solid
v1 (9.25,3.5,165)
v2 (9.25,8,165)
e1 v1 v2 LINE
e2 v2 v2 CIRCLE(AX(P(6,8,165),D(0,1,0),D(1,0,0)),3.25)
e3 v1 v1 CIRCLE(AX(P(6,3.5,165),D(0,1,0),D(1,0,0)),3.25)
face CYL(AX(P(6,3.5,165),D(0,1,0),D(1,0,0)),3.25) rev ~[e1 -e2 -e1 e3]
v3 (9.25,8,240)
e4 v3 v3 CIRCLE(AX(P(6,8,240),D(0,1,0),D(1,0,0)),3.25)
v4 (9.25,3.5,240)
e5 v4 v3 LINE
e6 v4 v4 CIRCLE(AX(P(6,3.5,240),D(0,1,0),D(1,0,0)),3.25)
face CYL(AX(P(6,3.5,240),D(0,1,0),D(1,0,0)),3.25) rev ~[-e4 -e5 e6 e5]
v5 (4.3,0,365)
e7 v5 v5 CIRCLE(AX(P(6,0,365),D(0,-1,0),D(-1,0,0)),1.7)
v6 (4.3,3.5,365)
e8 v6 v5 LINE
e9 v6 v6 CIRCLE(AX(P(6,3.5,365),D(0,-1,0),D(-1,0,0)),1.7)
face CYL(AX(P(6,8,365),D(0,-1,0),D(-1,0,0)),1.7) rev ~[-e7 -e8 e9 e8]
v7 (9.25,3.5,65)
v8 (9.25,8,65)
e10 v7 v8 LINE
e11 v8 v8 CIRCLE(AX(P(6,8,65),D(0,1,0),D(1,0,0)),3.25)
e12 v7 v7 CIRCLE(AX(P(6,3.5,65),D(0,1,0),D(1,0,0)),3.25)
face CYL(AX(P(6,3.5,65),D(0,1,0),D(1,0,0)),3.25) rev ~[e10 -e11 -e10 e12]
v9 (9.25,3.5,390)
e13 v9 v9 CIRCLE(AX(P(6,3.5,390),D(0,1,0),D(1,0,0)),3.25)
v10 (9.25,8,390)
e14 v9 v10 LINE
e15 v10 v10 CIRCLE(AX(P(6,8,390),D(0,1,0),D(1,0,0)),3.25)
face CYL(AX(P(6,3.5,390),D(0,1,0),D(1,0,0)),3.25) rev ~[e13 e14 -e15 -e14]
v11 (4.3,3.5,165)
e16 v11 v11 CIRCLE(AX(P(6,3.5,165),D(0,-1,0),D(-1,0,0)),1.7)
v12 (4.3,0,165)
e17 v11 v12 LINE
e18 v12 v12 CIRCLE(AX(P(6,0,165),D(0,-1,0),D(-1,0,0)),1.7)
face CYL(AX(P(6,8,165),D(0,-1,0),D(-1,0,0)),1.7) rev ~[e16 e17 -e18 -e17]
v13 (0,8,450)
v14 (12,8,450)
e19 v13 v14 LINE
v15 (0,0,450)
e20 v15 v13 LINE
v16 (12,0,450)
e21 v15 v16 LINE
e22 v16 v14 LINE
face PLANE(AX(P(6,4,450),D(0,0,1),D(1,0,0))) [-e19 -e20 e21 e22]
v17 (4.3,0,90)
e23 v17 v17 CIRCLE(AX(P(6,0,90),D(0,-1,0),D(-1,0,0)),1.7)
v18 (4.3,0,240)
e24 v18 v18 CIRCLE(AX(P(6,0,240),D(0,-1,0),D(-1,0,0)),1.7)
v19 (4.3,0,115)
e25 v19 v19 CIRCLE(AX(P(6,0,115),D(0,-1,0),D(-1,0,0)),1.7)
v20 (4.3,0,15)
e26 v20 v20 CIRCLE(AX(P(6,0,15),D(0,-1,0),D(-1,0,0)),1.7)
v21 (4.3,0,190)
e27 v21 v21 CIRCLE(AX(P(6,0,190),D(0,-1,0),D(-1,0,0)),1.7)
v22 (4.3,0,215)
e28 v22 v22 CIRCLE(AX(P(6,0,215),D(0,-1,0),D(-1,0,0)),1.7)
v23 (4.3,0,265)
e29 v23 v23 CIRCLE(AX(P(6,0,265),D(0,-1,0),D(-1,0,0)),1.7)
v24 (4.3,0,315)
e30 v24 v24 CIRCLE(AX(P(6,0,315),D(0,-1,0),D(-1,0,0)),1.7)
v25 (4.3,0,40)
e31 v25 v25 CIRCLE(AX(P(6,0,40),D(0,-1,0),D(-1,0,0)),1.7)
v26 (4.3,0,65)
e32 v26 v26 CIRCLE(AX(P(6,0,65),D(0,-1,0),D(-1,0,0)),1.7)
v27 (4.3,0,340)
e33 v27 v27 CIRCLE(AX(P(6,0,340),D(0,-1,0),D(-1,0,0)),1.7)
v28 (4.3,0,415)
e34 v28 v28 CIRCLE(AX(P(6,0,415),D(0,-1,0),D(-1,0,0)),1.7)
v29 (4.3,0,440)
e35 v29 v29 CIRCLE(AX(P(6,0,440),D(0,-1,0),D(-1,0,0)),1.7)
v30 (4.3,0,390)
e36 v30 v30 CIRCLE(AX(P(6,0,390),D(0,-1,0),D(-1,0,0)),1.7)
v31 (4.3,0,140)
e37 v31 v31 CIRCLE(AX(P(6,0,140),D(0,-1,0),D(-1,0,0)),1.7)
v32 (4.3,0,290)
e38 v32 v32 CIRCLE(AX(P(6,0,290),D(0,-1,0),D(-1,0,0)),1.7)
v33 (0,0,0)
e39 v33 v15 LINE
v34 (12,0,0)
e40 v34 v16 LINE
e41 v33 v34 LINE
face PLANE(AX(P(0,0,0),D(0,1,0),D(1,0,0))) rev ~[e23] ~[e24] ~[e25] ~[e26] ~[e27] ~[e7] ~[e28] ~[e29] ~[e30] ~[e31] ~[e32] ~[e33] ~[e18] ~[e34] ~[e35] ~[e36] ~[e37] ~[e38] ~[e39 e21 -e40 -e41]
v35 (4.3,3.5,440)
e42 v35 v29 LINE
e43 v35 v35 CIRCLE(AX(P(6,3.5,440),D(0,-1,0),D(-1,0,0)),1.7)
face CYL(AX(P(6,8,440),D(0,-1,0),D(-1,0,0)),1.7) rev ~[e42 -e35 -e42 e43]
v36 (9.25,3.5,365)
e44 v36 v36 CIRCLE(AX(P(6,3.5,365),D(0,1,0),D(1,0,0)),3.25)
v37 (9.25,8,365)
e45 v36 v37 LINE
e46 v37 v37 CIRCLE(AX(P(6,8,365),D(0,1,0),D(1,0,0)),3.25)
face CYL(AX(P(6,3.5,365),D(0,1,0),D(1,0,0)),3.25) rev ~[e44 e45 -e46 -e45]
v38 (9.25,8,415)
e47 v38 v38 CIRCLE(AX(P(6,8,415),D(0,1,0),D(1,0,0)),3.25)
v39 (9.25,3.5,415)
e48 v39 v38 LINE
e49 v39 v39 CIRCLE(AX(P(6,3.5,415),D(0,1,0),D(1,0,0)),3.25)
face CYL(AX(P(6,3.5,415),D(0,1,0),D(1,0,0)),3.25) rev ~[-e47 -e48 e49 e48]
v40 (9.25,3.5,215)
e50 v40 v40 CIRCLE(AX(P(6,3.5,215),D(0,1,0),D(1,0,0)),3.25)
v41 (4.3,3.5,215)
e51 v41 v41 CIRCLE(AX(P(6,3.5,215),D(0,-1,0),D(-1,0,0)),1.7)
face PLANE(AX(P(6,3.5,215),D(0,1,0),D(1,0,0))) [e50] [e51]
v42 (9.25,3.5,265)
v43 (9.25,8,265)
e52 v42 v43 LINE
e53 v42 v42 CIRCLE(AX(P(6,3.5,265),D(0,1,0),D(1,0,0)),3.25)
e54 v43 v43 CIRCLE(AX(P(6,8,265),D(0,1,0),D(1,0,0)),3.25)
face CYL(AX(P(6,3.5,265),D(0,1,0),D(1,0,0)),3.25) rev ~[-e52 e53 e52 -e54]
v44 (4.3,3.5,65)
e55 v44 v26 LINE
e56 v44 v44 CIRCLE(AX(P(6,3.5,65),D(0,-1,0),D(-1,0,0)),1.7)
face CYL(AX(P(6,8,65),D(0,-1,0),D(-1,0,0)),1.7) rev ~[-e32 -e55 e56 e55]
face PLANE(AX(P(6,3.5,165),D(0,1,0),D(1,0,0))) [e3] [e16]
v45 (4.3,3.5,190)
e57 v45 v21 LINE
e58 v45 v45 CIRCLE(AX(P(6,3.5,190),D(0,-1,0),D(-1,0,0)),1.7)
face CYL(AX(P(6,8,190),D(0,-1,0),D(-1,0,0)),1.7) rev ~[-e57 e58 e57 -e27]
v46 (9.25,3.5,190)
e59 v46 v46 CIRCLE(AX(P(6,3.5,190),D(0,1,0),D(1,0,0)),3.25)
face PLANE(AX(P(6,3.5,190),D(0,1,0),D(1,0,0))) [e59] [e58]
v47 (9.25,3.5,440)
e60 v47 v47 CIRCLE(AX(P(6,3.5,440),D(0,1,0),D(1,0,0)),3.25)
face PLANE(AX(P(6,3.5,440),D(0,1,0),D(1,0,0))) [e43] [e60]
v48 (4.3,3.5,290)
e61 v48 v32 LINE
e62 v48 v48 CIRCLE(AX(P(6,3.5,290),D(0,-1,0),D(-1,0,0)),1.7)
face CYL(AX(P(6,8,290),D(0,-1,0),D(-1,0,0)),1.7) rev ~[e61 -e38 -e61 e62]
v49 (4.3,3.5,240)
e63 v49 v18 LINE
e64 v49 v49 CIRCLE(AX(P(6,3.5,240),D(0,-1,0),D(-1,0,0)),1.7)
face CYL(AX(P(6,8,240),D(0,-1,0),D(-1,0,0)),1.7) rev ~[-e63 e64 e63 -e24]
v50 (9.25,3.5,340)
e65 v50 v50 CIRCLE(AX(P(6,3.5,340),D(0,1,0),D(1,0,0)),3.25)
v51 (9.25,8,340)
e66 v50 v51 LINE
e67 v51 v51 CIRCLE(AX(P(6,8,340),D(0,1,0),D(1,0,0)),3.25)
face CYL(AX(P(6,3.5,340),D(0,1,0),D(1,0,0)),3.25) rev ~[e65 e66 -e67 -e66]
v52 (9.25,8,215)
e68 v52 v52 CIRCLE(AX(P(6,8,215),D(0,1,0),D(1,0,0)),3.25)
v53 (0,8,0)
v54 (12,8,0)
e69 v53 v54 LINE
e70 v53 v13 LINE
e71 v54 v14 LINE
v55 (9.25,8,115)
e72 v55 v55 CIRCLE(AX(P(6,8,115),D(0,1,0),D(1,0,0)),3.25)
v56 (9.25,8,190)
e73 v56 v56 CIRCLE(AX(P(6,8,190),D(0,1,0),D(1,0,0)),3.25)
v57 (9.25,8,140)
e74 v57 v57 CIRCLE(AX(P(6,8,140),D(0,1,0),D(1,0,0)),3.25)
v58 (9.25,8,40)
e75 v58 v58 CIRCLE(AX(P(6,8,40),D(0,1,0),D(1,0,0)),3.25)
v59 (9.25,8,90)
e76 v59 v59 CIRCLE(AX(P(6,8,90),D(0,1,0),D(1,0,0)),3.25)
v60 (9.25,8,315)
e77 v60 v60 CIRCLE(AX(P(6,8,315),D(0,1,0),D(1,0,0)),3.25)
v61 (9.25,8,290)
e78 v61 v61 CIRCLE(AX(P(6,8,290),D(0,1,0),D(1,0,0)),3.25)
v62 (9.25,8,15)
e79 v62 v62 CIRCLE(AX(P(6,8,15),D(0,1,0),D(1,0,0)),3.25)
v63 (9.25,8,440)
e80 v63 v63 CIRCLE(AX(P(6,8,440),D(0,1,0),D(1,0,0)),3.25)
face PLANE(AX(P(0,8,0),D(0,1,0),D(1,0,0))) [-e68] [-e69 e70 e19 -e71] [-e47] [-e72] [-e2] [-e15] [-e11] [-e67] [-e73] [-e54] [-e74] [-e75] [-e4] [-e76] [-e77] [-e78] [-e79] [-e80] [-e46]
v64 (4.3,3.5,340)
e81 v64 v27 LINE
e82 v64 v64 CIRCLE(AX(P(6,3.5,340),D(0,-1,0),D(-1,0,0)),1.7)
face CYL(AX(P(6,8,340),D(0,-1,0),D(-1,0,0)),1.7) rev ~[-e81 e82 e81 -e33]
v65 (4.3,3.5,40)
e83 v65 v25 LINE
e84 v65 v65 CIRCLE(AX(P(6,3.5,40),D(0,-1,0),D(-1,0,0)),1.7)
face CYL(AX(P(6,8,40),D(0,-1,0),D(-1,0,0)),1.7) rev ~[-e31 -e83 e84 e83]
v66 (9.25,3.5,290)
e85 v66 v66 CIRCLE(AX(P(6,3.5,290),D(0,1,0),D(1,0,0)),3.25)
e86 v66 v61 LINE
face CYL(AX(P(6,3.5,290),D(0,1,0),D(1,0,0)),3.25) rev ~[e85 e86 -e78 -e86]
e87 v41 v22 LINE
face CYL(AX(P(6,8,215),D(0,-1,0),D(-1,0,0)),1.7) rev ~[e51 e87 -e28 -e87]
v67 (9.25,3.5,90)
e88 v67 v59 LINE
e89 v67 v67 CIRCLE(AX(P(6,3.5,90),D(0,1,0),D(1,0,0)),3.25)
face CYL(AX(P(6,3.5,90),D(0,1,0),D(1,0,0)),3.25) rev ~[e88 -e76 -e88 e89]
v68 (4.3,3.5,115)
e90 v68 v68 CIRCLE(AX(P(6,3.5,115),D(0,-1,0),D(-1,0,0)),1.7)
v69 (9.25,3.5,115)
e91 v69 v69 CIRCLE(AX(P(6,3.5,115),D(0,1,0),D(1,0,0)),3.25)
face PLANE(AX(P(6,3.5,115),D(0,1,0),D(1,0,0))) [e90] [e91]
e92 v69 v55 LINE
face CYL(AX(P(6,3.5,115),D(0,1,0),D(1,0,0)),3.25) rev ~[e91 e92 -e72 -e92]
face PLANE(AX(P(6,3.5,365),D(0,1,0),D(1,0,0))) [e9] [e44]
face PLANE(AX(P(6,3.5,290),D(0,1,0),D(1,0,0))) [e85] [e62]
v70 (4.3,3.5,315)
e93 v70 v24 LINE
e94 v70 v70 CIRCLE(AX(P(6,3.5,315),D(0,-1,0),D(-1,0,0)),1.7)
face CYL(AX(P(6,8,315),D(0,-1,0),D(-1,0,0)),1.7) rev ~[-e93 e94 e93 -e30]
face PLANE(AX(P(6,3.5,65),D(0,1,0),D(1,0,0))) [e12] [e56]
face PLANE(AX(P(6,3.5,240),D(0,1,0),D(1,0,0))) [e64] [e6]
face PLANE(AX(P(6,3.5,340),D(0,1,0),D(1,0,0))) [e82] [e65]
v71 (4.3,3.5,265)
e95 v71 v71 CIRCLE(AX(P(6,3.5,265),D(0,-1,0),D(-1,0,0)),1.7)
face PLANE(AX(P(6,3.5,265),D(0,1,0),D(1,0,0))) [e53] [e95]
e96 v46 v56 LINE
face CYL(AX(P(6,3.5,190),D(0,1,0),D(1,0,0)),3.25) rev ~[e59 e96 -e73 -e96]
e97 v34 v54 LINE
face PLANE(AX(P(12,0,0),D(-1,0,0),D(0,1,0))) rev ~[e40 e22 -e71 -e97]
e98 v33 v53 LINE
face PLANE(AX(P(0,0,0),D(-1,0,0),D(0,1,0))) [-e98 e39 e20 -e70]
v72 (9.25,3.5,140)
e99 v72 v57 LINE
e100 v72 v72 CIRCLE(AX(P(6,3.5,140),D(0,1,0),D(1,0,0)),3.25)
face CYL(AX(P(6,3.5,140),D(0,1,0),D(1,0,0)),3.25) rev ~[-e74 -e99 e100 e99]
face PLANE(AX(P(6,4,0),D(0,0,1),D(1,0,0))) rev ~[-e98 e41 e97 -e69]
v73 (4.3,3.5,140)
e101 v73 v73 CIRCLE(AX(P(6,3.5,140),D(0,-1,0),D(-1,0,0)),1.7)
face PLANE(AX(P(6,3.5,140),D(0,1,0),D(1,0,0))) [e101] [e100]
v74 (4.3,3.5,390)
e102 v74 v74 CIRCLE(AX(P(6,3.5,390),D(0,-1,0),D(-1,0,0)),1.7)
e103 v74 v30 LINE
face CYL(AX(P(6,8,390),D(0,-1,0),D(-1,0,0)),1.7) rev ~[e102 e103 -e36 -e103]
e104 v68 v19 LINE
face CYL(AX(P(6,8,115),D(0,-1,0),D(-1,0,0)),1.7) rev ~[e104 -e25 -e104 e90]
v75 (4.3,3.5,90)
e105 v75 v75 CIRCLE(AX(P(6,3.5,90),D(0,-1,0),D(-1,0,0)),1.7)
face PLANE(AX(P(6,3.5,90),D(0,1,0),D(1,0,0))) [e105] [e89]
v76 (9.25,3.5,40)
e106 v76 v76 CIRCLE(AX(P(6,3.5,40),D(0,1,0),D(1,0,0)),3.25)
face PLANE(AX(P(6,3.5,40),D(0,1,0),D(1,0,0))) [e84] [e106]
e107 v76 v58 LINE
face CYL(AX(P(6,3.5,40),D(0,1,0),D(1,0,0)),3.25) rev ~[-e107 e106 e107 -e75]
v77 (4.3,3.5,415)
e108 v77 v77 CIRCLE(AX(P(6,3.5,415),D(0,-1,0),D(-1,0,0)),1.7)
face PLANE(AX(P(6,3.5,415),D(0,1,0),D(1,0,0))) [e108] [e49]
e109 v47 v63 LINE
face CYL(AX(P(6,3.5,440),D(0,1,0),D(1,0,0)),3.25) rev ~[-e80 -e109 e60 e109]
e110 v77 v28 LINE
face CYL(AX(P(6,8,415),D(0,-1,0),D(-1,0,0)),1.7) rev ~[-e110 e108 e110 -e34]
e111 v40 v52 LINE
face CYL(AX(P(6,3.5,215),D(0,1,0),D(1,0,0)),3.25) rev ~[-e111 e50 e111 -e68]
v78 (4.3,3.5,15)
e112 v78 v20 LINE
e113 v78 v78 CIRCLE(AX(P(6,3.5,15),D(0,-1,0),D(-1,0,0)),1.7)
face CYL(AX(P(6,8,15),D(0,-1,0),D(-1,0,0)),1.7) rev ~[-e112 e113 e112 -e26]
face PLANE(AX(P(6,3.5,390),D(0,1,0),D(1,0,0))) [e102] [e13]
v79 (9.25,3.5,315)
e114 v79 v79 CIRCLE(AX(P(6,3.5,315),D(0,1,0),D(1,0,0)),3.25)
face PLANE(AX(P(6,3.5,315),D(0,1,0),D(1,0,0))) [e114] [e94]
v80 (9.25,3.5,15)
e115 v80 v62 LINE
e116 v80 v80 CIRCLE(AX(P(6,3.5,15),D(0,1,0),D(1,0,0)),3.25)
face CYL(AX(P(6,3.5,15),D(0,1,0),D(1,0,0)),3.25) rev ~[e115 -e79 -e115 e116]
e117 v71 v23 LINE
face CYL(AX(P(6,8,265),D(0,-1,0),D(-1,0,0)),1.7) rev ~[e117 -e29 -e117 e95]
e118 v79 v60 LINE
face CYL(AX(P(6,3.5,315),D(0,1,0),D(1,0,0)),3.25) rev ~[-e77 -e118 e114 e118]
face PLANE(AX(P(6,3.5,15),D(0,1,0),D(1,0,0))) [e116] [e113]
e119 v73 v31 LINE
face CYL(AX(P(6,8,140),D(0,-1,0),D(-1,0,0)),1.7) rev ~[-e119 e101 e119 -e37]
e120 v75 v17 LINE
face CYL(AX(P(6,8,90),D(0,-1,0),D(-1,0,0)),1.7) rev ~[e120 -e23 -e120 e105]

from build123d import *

# Parameters (mm, degrees)
SKETCH1_W                      = 12
SKETCH1_H                      = 8
BOSS_EXTRUDE1_DEPTH            = 450
CBORE_FOR_M3_SHCS1_D           = 3.4
CBORE_FOR_M3_SHCS1_CBORE_D     = 6.5
CBORE_FOR_M3_SHCS1_CBORE_DEPTH = 4.5


with BuildPart() as part:
    # Sketch1 → Boss-Extrude1 (new body)
    with BuildSketch(Plane.XY):
        with Locations((6, 4)):
            Rectangle(SKETCH1_W, SKETCH1_H)
    extrude(amount=BOSS_EXTRUDE1_DEPTH)

    # CBORE for M3 SHCS1 (through all)
    with Locations(Plane(origin=(0, 8, 0), x_dir=(1, 0, 0), z_dir=(0, 1, 0))):
        with Locations((6, -440), (6, -415), (6, -390), (6, -365), (6, -340), (6, -315), (6, -290), (6, -265), (6, -240), (6, -215), (6, -190), (6, -165), (6, -140), (6, -115), (6, -90), (6, -65), (6, -40), (6, -15)):
            CounterBoreHole(CBORE_FOR_M3_SHCS1_D / 2, CBORE_FOR_M3_SHCS1_CBORE_D / 2, CBORE_FOR_M3_SHCS1_CBORE_DEPTH)


solid = part.part
